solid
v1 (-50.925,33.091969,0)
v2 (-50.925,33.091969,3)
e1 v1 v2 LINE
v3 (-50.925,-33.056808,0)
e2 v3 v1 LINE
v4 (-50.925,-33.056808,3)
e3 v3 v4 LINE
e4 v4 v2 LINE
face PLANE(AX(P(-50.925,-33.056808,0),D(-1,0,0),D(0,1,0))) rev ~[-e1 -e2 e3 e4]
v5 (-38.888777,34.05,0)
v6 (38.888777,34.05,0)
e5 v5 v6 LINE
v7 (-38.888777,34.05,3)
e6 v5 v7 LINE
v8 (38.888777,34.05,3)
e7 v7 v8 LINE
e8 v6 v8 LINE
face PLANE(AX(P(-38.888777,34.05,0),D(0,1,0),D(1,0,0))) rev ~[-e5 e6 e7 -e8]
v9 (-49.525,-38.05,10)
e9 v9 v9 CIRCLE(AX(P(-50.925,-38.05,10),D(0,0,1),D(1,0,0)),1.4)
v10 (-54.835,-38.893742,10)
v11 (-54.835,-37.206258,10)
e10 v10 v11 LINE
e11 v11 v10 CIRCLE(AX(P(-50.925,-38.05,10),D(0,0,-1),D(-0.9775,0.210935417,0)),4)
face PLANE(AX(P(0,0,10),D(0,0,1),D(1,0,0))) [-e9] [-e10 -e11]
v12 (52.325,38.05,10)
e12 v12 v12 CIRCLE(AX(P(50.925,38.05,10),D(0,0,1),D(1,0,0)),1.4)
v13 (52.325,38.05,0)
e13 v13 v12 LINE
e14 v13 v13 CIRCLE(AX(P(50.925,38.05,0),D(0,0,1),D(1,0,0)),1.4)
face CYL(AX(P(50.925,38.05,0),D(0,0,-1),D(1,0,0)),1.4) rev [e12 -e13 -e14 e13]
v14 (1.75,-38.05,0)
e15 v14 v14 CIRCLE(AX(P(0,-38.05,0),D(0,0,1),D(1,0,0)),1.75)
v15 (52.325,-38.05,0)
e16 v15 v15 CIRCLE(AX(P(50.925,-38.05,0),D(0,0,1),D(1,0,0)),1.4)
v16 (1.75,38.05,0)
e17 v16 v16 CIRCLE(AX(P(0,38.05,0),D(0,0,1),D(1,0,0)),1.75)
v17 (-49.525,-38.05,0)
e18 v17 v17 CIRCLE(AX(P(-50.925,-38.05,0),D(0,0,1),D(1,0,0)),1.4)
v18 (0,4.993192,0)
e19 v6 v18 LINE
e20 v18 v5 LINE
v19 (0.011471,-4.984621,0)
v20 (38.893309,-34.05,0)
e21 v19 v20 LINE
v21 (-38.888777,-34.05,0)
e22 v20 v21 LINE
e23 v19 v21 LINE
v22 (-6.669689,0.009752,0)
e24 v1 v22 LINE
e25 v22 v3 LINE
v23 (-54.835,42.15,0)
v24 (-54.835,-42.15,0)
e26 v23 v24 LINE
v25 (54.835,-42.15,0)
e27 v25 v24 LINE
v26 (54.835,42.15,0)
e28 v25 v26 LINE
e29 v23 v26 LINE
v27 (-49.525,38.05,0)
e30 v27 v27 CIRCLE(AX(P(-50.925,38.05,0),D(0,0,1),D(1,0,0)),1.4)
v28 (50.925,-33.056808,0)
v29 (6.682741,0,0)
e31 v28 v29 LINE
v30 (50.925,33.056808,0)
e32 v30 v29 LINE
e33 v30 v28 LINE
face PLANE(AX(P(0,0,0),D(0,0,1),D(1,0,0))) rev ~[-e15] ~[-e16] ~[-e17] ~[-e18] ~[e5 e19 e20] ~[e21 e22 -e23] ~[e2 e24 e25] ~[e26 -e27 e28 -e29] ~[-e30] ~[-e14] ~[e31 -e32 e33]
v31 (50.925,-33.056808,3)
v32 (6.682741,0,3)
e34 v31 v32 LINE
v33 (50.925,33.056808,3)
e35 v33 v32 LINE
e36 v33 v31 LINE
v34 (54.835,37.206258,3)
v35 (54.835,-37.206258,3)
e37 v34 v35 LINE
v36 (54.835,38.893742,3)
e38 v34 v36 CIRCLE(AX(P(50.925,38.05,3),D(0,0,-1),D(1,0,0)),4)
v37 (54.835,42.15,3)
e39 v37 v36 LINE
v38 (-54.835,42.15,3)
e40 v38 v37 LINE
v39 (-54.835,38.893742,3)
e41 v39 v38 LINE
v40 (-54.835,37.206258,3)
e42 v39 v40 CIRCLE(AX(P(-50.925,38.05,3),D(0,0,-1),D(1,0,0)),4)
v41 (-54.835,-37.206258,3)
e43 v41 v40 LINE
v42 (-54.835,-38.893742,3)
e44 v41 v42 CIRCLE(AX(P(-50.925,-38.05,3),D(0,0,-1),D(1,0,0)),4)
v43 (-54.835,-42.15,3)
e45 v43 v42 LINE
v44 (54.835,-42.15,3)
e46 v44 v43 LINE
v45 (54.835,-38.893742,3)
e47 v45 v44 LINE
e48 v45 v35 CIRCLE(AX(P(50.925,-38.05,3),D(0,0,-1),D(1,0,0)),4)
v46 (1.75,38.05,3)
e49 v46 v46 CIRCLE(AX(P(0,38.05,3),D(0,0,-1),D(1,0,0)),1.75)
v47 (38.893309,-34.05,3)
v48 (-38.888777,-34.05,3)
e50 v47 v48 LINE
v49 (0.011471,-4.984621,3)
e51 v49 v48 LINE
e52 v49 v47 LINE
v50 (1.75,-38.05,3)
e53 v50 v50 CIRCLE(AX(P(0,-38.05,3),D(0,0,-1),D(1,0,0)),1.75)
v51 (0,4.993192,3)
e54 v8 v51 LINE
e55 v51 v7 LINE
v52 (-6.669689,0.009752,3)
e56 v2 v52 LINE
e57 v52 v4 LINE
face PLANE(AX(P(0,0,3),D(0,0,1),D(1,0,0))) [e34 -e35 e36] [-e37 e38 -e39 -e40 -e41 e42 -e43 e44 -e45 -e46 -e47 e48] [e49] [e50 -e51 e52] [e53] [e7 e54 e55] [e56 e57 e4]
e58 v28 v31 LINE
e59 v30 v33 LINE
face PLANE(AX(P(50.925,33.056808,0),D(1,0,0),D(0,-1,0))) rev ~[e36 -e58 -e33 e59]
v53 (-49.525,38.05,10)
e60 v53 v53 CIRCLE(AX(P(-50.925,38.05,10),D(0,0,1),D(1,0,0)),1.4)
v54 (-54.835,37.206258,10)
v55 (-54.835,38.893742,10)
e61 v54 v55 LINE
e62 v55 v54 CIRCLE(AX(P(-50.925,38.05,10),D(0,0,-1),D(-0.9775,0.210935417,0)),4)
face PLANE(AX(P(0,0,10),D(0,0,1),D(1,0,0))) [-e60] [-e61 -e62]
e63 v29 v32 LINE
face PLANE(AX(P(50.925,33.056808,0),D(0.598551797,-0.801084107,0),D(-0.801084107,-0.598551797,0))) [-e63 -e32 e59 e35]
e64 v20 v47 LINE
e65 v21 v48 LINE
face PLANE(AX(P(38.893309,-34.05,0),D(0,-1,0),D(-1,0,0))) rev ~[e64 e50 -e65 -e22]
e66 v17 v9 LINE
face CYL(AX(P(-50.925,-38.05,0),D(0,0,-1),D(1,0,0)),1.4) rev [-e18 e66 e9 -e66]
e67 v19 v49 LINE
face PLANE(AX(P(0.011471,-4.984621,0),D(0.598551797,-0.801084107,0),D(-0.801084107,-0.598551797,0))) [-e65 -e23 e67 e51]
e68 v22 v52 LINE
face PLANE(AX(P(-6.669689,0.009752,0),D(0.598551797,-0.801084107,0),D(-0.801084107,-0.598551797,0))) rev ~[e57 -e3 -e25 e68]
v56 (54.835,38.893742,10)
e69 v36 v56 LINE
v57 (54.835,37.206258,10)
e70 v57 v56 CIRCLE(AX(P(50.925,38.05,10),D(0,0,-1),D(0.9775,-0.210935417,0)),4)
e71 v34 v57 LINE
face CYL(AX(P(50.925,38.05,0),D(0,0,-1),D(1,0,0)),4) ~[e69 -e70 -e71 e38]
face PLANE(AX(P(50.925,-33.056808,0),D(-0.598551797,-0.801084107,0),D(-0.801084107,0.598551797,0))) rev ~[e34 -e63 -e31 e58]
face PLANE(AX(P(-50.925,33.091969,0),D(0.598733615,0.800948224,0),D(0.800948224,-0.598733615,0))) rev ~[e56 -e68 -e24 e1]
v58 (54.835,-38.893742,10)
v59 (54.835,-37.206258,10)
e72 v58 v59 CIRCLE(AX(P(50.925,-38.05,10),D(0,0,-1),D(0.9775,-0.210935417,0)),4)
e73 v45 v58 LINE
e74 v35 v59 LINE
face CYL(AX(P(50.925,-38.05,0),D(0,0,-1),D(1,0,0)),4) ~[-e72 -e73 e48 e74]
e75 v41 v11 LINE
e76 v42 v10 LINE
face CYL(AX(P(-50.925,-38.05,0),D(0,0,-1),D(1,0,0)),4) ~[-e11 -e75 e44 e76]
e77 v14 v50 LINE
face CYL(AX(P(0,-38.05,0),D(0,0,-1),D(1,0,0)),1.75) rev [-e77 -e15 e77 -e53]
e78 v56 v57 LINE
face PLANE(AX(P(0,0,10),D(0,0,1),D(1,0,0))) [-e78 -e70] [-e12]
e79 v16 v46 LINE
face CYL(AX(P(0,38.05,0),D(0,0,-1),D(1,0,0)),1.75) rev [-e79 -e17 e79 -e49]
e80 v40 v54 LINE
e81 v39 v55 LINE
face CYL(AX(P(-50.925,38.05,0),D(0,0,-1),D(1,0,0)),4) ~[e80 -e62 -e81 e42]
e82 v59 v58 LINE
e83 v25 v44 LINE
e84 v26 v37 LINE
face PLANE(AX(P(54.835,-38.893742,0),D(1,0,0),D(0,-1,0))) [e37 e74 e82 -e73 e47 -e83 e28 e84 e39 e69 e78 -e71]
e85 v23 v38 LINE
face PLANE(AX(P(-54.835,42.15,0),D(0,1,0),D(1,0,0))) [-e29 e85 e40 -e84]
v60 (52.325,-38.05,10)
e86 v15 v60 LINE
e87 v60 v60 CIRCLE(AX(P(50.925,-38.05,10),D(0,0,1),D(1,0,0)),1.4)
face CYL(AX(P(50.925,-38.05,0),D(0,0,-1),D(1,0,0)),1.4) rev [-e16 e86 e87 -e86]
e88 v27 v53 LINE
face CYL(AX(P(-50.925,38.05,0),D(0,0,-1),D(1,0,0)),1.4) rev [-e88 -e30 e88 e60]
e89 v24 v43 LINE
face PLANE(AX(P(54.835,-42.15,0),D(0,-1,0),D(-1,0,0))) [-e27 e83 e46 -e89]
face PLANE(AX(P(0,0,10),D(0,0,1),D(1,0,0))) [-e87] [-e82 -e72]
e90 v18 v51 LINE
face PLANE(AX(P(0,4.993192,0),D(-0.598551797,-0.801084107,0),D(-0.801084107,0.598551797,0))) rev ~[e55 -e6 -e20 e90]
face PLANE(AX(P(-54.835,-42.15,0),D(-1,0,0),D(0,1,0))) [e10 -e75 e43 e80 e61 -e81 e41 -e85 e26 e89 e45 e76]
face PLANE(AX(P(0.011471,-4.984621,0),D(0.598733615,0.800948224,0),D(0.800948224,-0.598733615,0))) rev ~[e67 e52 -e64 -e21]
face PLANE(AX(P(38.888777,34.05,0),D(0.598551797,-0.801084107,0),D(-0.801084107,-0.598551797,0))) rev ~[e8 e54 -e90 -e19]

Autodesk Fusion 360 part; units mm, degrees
sketch "Sketch1" plane through (0, 0, 0) normal (0, 0, 1) x (1, 0, 0)
  line L0 (50.925, -38.05) -> (-50.925, -38.05) construction
  line L1 (-50.925, -38.05) -> (-50.925, 38.05) construction
  line L2 (-50.925, 38.05) -> (50.925, 38.05) construction
  line L3 (50.925, 38.05) -> (50.925, -38.05) construction
  line L4 (50.925, -38.05) -> (-50.925, 38.05) construction
  line L5 (-50.925, -38.05) -> (50.925, 38.05) construction
  circle A0 centre (-50.925, 38.05) radius 1.4
  circle A1 centre (50.925, 38.05) radius 1.4
  circle A2 centre (-50.925, -38.05) radius 1.4
  circle A3 centre (50.925, -38.05) radius 1.4
  line L6 (54.835, -42.15) -> (-54.835, -42.15)
  line L7 (-54.835, -42.15) -> (-54.835, 42.15)
  line L8 (-54.835, 42.15) -> (54.835, 42.15)
  line L9 (54.835, 42.15) -> (54.835, -42.15)
  line L10 (54.835, -42.15) -> (-54.835, 42.15) construction
  line L11 (-54.835, -42.15) -> (54.835, 42.15) construction
  circle A4 centre (-50.925, 38.05) radius 4
  circle A5 centre (-50.925, -38.05) radius 4
  circle A6 centre (50.925, -38.05) radius 4
  circle A7 centre (50.925, 38.05) radius 4
  line L12 (-50.925, 34.05) -> (50.925, 34.05)
  line L13 (50.925, 34.05) -> (50.925, -34.05)
  line L14 (50.925, -34.05) -> (-50.925, -34.05)
  line L15 (-50.925, -34.05) -> (-50.925, 34.05)
  line L16 (-50.925, 34.05) -> (50.925, -34.05) construction
  line L17 (50.925, 34.05) -> (-50.925, -34.05) construction
  line L18 (53.3192, 34.8457) -> (-48.5308, -41.2543)
  line L19 (48.5308, 41.2543) -> (-53.3192, -34.8457)
  line L20 (53.3192, -34.8457) -> (-48.5308, 41.2543)
  line L21 (-53.6868, 35.1565) -> (48.5301, -41.2538)
  circle A8 centre (0, 38.05) radius 1.75
  circle A9 centre (0, -38.05) radius 1.75
  dimension "d1" = 76.1
  dimension "d2" = 101.85
  dimension "d3" = 2.8
  dimension "d4" = 2.8
  dimension "d5" = 2.8
  dimension "d6" = 2.8
  dimension "d7" = 109.67
  dimension "d8" = 84.3
  dimension "d9" = 8
  dimension "d10" = 8
  dimension "d11" = 8
  dimension "d12" = 8
  dimension "d17" = 3.5
  dimension "d18" = 3.5
extrude "Extrude1" add sketch "Sketch1" along normal blind 3 contours L6 L7 L9 A5 A6 L14 L18 L21 | L9 A6 | L7 A5 | L9 A6 A7 L13 L18 L20 | A6 L14 L21 | L7 A4 A5 L15 L19 L21 | A5 L14 L18 | L9 A7 | A6 L13 L20 | L13 L14 L18 L20 L21 | L7 A4 L21 | A5 L15 L19 | L14 L15 L18 L19 L21 | L7 L8 L9 A4 A7 L12 L19 L20 | A7 L13 L18 | L18 L19 L20 L21 | A4 L21 | A7 L12 L19 | L12 L13 L18 L19 L20 | L12 L15 L19 L20 L21 | A4 L12 L20 | A4 L15 L21 | A8 | A9 picked at (53.9983, -38.05) picked at (-53.9983, -38.05) picked at (53.9983, 38.05)
extrude "Extrude2" add sketch "Sketch1" along normal blind 10 contours L9 A6 | L7 A5 | L9 A7 | L7 A4 L21 | A4 L21 picked at (53.9983, -38.05) picked at (-53.9983, -38.05) picked at (53.9983, 38.05)
extrude "Extrude3" cut sketch "Sketch1" along normal blind 7 contours A8 | A9
